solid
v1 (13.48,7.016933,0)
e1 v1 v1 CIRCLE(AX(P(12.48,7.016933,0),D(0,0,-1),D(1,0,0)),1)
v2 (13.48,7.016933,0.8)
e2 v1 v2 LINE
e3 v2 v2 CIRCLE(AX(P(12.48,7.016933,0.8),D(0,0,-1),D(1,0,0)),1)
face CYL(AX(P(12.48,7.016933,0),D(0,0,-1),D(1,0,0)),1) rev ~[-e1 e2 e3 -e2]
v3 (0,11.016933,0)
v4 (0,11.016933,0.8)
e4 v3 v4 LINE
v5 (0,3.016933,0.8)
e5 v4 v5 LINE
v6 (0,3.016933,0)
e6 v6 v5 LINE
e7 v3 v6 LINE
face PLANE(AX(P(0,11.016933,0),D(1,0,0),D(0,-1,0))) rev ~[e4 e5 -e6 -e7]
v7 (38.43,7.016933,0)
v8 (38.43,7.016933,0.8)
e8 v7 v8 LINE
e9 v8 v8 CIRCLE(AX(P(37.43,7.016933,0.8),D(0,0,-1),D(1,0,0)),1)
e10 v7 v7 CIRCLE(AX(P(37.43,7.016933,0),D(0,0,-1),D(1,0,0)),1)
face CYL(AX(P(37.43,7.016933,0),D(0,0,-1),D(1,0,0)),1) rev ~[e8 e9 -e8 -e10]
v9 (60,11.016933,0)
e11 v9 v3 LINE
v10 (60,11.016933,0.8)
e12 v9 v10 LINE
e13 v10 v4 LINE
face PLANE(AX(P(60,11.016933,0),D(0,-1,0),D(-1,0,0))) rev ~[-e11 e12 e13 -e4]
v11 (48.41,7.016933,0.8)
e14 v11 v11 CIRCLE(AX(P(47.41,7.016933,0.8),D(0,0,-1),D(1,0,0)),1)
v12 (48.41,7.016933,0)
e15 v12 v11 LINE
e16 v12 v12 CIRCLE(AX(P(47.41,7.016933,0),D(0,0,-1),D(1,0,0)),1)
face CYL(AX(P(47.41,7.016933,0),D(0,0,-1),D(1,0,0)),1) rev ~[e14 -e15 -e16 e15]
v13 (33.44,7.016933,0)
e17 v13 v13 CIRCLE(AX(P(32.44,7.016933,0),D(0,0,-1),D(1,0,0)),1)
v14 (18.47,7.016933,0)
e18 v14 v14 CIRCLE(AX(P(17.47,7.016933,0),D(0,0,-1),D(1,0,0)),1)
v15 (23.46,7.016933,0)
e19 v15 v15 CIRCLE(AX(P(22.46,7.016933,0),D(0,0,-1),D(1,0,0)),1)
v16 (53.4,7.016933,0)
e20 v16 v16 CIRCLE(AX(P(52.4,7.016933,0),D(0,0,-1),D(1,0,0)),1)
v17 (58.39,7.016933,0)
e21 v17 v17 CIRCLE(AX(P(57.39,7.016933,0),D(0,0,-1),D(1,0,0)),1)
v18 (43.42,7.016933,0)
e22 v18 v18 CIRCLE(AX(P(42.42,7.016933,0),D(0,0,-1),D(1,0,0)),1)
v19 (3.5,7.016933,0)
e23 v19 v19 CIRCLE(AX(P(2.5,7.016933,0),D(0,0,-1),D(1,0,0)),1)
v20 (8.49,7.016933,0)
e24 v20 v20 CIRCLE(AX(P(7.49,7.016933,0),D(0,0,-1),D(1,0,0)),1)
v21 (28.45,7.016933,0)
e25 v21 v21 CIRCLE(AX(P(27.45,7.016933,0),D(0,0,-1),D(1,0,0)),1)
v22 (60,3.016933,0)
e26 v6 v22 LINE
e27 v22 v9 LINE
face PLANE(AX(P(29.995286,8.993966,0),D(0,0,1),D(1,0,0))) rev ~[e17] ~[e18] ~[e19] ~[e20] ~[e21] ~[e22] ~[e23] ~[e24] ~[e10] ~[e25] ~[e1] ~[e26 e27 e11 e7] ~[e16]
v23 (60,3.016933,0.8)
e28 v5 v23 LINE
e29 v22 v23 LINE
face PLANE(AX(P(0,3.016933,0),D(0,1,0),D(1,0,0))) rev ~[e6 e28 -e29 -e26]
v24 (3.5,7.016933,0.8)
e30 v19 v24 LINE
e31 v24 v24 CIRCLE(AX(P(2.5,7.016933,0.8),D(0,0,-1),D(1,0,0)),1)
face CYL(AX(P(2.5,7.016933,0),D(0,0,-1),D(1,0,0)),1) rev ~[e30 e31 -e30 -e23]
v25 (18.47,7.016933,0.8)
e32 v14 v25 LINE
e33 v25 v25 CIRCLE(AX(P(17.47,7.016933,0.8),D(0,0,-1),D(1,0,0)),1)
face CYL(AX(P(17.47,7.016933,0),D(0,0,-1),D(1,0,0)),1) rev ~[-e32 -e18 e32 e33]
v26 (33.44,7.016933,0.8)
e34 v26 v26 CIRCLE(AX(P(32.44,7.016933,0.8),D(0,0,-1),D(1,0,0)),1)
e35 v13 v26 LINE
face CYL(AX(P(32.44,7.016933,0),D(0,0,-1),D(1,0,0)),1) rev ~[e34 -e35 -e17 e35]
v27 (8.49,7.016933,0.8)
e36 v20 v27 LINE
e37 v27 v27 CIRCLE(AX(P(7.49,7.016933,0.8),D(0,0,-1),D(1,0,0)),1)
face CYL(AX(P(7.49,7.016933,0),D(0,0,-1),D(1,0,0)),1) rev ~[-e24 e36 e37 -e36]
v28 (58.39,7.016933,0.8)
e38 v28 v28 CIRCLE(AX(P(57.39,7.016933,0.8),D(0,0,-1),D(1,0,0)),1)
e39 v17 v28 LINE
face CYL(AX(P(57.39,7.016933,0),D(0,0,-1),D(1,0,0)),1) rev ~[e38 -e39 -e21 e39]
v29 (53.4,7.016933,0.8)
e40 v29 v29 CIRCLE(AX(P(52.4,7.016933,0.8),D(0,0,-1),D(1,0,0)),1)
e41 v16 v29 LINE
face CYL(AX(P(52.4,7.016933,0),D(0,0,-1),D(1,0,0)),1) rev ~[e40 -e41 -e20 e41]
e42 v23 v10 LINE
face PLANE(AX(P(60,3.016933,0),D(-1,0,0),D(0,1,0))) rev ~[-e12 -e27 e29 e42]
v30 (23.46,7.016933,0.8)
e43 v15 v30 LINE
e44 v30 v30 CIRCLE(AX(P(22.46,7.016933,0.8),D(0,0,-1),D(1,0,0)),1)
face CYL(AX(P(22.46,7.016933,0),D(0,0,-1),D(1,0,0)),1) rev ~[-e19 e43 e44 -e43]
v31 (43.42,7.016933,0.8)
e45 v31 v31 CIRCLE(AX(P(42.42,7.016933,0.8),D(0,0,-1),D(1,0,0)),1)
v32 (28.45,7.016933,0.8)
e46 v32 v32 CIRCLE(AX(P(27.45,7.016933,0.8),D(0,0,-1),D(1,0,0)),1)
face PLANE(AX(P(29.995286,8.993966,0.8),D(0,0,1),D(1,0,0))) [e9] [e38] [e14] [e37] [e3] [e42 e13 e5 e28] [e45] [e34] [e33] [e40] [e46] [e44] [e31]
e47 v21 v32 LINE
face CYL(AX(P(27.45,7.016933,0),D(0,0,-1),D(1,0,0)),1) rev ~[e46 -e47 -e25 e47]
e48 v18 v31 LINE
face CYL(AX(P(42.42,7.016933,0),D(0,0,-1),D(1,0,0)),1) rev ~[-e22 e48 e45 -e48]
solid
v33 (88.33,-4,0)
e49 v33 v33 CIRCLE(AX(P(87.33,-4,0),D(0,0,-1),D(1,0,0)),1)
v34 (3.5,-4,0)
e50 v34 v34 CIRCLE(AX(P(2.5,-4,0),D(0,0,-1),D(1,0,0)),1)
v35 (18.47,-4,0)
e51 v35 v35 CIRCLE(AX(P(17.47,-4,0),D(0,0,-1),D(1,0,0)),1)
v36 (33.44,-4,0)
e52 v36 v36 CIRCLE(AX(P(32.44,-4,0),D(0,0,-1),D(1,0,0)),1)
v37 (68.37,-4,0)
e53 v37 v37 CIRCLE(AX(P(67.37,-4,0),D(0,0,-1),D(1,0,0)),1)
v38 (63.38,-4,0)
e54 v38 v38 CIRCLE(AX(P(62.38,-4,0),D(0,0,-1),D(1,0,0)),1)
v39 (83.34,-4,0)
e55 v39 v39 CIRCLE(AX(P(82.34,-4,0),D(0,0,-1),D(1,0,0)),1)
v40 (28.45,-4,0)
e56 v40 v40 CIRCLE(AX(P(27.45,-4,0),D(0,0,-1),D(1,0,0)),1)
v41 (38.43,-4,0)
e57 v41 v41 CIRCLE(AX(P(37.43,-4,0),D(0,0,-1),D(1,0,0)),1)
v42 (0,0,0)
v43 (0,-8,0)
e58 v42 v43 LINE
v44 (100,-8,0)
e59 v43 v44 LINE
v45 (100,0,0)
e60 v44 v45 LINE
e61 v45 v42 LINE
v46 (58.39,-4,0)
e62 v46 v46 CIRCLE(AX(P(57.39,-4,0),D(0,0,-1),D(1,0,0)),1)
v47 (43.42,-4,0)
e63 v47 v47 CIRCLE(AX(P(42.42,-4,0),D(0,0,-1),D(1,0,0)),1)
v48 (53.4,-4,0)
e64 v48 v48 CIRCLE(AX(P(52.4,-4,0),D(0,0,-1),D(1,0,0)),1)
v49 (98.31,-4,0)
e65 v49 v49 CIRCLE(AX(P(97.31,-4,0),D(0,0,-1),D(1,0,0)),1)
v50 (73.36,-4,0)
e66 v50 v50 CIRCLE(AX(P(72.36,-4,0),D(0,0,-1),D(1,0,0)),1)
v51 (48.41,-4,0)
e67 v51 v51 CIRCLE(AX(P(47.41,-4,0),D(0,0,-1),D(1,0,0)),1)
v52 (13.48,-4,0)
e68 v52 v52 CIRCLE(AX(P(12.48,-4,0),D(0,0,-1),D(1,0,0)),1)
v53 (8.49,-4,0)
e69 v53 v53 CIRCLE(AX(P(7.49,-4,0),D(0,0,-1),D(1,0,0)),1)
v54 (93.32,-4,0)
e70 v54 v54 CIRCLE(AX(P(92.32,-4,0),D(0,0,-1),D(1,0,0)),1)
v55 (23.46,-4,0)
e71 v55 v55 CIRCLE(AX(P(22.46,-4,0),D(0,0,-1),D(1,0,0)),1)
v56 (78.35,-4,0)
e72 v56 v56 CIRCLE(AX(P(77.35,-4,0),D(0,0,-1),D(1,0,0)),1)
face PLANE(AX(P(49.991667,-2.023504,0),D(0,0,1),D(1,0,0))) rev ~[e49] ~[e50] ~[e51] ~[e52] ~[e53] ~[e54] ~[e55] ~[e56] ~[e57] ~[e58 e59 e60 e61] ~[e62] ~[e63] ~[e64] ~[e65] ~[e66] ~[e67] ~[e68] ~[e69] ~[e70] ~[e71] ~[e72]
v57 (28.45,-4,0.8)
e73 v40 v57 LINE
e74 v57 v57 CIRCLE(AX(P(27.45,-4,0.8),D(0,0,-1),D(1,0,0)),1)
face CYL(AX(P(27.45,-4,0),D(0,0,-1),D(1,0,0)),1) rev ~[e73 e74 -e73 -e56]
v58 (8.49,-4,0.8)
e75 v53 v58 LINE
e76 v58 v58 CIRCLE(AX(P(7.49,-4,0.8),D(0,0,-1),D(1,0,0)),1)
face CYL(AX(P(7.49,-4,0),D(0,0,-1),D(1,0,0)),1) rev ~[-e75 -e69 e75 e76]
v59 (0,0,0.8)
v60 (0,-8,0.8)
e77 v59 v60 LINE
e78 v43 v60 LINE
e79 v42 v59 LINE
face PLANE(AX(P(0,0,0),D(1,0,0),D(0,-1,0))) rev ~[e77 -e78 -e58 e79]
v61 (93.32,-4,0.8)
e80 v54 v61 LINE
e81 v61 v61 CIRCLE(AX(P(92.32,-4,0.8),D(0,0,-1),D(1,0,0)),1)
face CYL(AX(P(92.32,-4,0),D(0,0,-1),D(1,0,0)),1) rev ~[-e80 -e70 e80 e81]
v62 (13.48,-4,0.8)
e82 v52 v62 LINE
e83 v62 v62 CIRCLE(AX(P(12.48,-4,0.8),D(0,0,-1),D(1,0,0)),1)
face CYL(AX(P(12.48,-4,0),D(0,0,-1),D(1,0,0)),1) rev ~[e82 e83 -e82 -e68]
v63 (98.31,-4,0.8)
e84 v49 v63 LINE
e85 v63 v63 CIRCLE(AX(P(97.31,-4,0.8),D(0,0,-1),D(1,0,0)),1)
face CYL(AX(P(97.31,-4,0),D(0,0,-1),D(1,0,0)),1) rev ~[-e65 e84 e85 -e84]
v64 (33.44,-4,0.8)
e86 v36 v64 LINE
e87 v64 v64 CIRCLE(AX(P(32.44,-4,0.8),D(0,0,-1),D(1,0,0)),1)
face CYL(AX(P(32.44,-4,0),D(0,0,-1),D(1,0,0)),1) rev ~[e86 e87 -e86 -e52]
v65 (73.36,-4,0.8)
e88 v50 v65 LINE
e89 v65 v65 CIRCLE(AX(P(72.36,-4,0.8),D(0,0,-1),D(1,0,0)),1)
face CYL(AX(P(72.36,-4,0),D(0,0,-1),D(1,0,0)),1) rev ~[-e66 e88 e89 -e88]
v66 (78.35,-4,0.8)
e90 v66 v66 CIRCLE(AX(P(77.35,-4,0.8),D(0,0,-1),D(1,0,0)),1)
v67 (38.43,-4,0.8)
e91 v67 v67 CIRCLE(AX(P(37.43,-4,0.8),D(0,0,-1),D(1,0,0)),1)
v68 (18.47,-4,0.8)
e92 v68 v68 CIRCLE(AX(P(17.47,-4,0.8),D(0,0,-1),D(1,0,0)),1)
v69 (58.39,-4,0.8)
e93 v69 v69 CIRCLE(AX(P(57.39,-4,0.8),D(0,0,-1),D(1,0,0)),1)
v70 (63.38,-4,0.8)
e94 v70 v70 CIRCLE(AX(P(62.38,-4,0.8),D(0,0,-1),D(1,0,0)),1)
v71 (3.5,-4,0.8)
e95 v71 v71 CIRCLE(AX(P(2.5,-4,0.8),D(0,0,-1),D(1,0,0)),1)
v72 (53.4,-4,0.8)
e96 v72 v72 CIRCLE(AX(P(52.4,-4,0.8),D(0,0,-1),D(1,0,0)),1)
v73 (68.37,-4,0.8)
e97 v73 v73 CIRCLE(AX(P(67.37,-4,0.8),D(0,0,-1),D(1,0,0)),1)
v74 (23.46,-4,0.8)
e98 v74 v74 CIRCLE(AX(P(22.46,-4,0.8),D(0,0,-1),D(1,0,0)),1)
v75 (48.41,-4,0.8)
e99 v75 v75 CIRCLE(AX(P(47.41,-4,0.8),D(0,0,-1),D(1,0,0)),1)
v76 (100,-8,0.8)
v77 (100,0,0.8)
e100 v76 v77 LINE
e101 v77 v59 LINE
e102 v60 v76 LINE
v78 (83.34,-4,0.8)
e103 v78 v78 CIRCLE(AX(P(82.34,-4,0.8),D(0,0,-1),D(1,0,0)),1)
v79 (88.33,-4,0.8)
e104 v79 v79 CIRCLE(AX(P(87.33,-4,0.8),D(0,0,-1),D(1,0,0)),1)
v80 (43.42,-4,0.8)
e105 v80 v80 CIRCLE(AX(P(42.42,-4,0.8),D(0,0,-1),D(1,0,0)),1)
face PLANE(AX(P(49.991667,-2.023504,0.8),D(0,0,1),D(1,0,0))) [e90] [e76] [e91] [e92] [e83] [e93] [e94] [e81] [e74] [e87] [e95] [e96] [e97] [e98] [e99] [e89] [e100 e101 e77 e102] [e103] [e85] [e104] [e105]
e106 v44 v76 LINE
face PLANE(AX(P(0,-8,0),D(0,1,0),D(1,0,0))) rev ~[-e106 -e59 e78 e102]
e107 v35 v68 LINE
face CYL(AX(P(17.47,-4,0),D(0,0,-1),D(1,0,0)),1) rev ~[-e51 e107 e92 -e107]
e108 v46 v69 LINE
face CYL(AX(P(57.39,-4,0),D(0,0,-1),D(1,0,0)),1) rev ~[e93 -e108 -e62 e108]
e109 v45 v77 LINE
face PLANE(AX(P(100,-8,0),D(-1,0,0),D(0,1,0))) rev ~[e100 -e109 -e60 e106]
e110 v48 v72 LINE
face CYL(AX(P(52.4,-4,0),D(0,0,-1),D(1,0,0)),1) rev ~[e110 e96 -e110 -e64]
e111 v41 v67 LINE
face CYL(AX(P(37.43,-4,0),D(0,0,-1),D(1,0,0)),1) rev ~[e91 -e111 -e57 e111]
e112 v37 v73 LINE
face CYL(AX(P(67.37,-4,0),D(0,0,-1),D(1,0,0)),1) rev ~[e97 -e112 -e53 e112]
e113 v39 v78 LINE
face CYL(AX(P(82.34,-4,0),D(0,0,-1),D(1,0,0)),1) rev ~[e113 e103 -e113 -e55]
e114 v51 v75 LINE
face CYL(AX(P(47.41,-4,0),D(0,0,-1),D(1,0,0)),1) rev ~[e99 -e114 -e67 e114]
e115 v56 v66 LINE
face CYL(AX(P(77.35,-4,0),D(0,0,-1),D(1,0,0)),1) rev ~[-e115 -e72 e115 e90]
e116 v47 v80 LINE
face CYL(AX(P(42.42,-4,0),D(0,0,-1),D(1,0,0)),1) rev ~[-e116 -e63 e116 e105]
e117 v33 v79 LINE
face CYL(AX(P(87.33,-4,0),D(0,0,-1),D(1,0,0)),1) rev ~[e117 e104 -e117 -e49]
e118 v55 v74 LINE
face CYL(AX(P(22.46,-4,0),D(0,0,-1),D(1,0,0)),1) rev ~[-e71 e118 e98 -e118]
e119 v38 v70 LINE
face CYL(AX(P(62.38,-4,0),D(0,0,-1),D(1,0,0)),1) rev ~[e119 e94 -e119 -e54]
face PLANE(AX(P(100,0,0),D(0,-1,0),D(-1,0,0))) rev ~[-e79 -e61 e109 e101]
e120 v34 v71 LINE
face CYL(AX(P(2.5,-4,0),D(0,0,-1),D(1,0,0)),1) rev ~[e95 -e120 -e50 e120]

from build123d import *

# Parameters (mm, degrees)
F1_DEPTH = 0.8


with BuildPart() as f1:
    # F0 (on Top) → F1 (new body)
    with BuildSketch(Plane.XY):
        with BuildLine():
            Line((60, 11.016933), (0, 11.016933))
            Line((0, 11.016933), (0, 7.016933))
            Line((0, 7.016933), (1.5, 7.016933))
            ThreePointArc((1.5, 7.016933), (2.5, 8.016933), (3.5, 7.016933))
            Line((3.5, 7.016933), (6.49, 7.016933))
            ThreePointArc((6.49, 7.016933), (7.49, 8.016933), (8.49, 7.016933))
            Line((8.49, 7.016933), (11.48, 7.016933))
            ThreePointArc((11.48, 7.016933), (12.48, 8.016933), (13.48, 7.016933))
            Line((13.48, 7.016933), (16.47, 7.016933))
            ThreePointArc((16.47, 7.016933), (17.47, 8.016933), (18.47, 7.016933))
            Line((18.47, 7.016933), (21.46, 7.016933))
            ThreePointArc((21.46, 7.016933), (22.46, 8.016933), (23.46, 7.016933))
            Line((23.46, 7.016933), (26.45, 7.016933))
            ThreePointArc((26.45, 7.016933), (27.45, 8.016933), (28.45, 7.016933))
            Line((28.45, 7.016933), (31.44, 7.016933))
            ThreePointArc((31.44, 7.016933), (32.44, 8.016933), (33.44, 7.016933))
            Line((33.44, 7.016933), (36.43, 7.016933))
            ThreePointArc((36.43, 7.016933), (37.43, 8.016933), (38.43, 7.016933))
            Line((38.43, 7.016933), (41.42, 7.016933))
            ThreePointArc((41.42, 7.016933), (42.42, 8.016933), (43.42, 7.016933))
            Line((43.42, 7.016933), (46.41, 7.016933))
            ThreePointArc((46.41, 7.016933), (47.41, 8.016933), (48.41, 7.016933))
            Line((48.41, 7.016933), (51.4, 7.016933))
            ThreePointArc((51.4, 7.016933), (52.4, 8.016933), (53.4, 7.016933))
            Line((53.4, 7.016933), (56.39, 7.016933))
            ThreePointArc((56.39, 7.016933), (57.39, 8.016933), (58.39, 7.016933))
            Line((58.39, 7.016933), (60, 7.016933))
            Line((60, 7.016933), (60, 11.016933))
        make_face()
        with BuildLine():
            Line((1.5, 7.016933), (0, 7.016933))
            Line((0, 7.016933), (0, 3.016933))
            Line((0, 3.016933), (60, 3.016933))
            Line((60, 3.016933), (60, 7.016933))
            Line((60, 7.016933), (58.39, 7.016933))
            ThreePointArc((58.39, 7.016933), (57.39, 6.016933), (56.39, 7.016933))
            Line((56.39, 7.016933), (53.4, 7.016933))
            ThreePointArc((53.4, 7.016933), (52.4, 6.016933), (51.4, 7.016933))
            Line((51.4, 7.016933), (48.41, 7.016933))
            ThreePointArc((48.41, 7.016933), (47.41, 6.016933), (46.41, 7.016933))
            Line((46.41, 7.016933), (43.42, 7.016933))
            ThreePointArc((43.42, 7.016933), (42.42, 6.016933), (41.42, 7.016933))
            Line((41.42, 7.016933), (38.43, 7.016933))
            ThreePointArc((38.43, 7.016933), (37.43, 6.016933), (36.43, 7.016933))
            Line((36.43, 7.016933), (33.44, 7.016933))
            ThreePointArc((33.44, 7.016933), (32.44, 6.016933), (31.44, 7.016933))
            Line((31.44, 7.016933), (28.45, 7.016933))
            ThreePointArc((28.45, 7.016933), (27.45, 6.016933), (26.45, 7.016933))
            Line((26.45, 7.016933), (23.46, 7.016933))
            ThreePointArc((23.46, 7.016933), (22.46, 6.016933), (21.46, 7.016933))
            Line((21.46, 7.016933), (18.47, 7.016933))
            ThreePointArc((18.47, 7.016933), (17.47, 6.016933), (16.47, 7.016933))
            Line((16.47, 7.016933), (13.48, 7.016933))
            ThreePointArc((13.48, 7.016933), (12.48, 6.016933), (11.48, 7.016933))
            Line((11.48, 7.016933), (8.49, 7.016933))
            ThreePointArc((8.49, 7.016933), (7.49, 6.016933), (6.49, 7.016933))
            Line((6.49, 7.016933), (3.5, 7.016933))
            ThreePointArc((3.5, 7.016933), (2.5, 6.016933), (1.5, 7.016933))
        make_face()
        with BuildLine():
            Line((60, 0), (0, 0))
            Line((0, 0), (0, -4))
            Line((0, -4), (1.5, -4))
            ThreePointArc((1.5, -4), (2.5, -3), (3.5, -4))
            Line((3.5, -4), (6.49, -4))
            ThreePointArc((6.49, -4), (7.49, -3), (8.49, -4))
            Line((8.49, -4), (11.48, -4))
            ThreePointArc((11.48, -4), (12.48, -3), (13.48, -4))
            Line((13.48, -4), (16.47, -4))
            ThreePointArc((16.47, -4), (17.47, -3), (18.47, -4))
            Line((18.47, -4), (21.46, -4))
            ThreePointArc((21.46, -4), (22.46, -3), (23.46, -4))
            Line((23.46, -4), (26.45, -4))
            ThreePointArc((26.45, -4), (27.45, -3), (28.45, -4))
            Line((28.45, -4), (31.44, -4))
            ThreePointArc((31.44, -4), (32.44, -3), (33.44, -4))
            Line((33.44, -4), (36.43, -4))
            ThreePointArc((36.43, -4), (37.43, -3), (38.43, -4))
            Line((38.43, -4), (41.42, -4))
            ThreePointArc((41.42, -4), (42.42, -3), (43.42, -4))
            Line((43.42, -4), (46.41, -4))
            ThreePointArc((46.41, -4), (47.41, -3), (48.41, -4))
            Line((48.41, -4), (51.4, -4))
            ThreePointArc((51.4, -4), (52.4, -3), (53.4, -4))
            Line((53.4, -4), (56.39, -4))
            ThreePointArc((56.39, -4), (57.39, -3), (58.39, -4))
            Line((58.39, -4), (61.38, -4))
            ThreePointArc((61.38, -4), (62.38, -3), (63.38, -4))
            Line((63.38, -4), (66.37, -4))
            ThreePointArc((66.37, -4), (67.37, -3), (68.37, -4))
            Line((68.37, -4), (71.36, -4))
            ThreePointArc((71.36, -4), (72.36, -3), (73.36, -4))
            Line((73.36, -4), (76.35, -4))
            ThreePointArc((76.35, -4), (77.35, -3), (78.35, -4))
            Line((78.35, -4), (81.34, -4))
            ThreePointArc((81.34, -4), (82.34, -3), (83.34, -4))
            Line((83.34, -4), (86.33, -4))
            ThreePointArc((86.33, -4), (87.33, -3), (88.33, -4))
            Line((88.33, -4), (91.32, -4))
            ThreePointArc((91.32, -4), (92.32, -3), (93.32, -4))
            Line((93.32, -4), (96.31, -4))
            ThreePointArc((96.31, -4), (97.31, -3), (98.31, -4))
            Line((98.31, -4), (100, -4))
            Line((100, -4), (100, 0))
            Line((100, 0), (60, 0))
        make_face()
        with BuildLine():
            Line((1.5, -4), (0, -4))
            Line((0, -4), (0, -8))
            Line((0, -8), (100, -8))
            Line((100, -8), (100, -4))
            Line((100, -4), (98.31, -4))
            ThreePointArc((98.31, -4), (97.31, -5), (96.31, -4))
            Line((96.31, -4), (93.32, -4))
            ThreePointArc((93.32, -4), (92.32, -5), (91.32, -4))
            Line((91.32, -4), (88.33, -4))
            ThreePointArc((88.33, -4), (87.33, -5), (86.33, -4))
            Line((86.33, -4), (83.34, -4))
            ThreePointArc((83.34, -4), (82.34, -5), (81.34, -4))
            Line((81.34, -4), (78.35, -4))
            ThreePointArc((78.35, -4), (77.35, -5), (76.35, -4))
            Line((76.35, -4), (73.36, -4))
            ThreePointArc((73.36, -4), (72.36, -5), (71.36, -4))
            Line((71.36, -4), (68.37, -4))
            ThreePointArc((68.37, -4), (67.37, -5), (66.37, -4))
            Line((66.37, -4), (63.38, -4))
            ThreePointArc((63.38, -4), (62.38, -5), (61.38, -4))
            Line((61.38, -4), (58.39, -4))
            ThreePointArc((58.39, -4), (57.39, -5), (56.39, -4))
            Line((56.39, -4), (53.4, -4))
            ThreePointArc((53.4, -4), (52.4, -5), (51.4, -4))
            Line((51.4, -4), (48.41, -4))
            ThreePointArc((48.41, -4), (47.41, -5), (46.41, -4))
            Line((46.41, -4), (43.42, -4))
            ThreePointArc((43.42, -4), (42.42, -5), (41.42, -4))
            Line((41.42, -4), (38.43, -4))
            ThreePointArc((38.43, -4), (37.43, -5), (36.43, -4))
            Line((36.43, -4), (33.44, -4))
            ThreePointArc((33.44, -4), (32.44, -5), (31.44, -4))
            Line((31.44, -4), (28.45, -4))
            ThreePointArc((28.45, -4), (27.45, -5), (26.45, -4))
            Line((26.45, -4), (23.46, -4))
            ThreePointArc((23.46, -4), (22.46, -5), (21.46, -4))
            Line((21.46, -4), (18.47, -4))
            ThreePointArc((18.47, -4), (17.47, -5), (16.47, -4))
            Line((16.47, -4), (13.48, -4))
            ThreePointArc((13.48, -4), (12.48, -5), (11.48, -4))
            Line((11.48, -4), (8.49, -4))
            ThreePointArc((8.49, -4), (7.49, -5), (6.49, -4))
            Line((6.49, -4), (3.5, -4))
            ThreePointArc((3.5, -4), (2.5, -5), (1.5, -4))
        make_face()
    extrude(amount=F1_DEPTH)


solid = f1.part
